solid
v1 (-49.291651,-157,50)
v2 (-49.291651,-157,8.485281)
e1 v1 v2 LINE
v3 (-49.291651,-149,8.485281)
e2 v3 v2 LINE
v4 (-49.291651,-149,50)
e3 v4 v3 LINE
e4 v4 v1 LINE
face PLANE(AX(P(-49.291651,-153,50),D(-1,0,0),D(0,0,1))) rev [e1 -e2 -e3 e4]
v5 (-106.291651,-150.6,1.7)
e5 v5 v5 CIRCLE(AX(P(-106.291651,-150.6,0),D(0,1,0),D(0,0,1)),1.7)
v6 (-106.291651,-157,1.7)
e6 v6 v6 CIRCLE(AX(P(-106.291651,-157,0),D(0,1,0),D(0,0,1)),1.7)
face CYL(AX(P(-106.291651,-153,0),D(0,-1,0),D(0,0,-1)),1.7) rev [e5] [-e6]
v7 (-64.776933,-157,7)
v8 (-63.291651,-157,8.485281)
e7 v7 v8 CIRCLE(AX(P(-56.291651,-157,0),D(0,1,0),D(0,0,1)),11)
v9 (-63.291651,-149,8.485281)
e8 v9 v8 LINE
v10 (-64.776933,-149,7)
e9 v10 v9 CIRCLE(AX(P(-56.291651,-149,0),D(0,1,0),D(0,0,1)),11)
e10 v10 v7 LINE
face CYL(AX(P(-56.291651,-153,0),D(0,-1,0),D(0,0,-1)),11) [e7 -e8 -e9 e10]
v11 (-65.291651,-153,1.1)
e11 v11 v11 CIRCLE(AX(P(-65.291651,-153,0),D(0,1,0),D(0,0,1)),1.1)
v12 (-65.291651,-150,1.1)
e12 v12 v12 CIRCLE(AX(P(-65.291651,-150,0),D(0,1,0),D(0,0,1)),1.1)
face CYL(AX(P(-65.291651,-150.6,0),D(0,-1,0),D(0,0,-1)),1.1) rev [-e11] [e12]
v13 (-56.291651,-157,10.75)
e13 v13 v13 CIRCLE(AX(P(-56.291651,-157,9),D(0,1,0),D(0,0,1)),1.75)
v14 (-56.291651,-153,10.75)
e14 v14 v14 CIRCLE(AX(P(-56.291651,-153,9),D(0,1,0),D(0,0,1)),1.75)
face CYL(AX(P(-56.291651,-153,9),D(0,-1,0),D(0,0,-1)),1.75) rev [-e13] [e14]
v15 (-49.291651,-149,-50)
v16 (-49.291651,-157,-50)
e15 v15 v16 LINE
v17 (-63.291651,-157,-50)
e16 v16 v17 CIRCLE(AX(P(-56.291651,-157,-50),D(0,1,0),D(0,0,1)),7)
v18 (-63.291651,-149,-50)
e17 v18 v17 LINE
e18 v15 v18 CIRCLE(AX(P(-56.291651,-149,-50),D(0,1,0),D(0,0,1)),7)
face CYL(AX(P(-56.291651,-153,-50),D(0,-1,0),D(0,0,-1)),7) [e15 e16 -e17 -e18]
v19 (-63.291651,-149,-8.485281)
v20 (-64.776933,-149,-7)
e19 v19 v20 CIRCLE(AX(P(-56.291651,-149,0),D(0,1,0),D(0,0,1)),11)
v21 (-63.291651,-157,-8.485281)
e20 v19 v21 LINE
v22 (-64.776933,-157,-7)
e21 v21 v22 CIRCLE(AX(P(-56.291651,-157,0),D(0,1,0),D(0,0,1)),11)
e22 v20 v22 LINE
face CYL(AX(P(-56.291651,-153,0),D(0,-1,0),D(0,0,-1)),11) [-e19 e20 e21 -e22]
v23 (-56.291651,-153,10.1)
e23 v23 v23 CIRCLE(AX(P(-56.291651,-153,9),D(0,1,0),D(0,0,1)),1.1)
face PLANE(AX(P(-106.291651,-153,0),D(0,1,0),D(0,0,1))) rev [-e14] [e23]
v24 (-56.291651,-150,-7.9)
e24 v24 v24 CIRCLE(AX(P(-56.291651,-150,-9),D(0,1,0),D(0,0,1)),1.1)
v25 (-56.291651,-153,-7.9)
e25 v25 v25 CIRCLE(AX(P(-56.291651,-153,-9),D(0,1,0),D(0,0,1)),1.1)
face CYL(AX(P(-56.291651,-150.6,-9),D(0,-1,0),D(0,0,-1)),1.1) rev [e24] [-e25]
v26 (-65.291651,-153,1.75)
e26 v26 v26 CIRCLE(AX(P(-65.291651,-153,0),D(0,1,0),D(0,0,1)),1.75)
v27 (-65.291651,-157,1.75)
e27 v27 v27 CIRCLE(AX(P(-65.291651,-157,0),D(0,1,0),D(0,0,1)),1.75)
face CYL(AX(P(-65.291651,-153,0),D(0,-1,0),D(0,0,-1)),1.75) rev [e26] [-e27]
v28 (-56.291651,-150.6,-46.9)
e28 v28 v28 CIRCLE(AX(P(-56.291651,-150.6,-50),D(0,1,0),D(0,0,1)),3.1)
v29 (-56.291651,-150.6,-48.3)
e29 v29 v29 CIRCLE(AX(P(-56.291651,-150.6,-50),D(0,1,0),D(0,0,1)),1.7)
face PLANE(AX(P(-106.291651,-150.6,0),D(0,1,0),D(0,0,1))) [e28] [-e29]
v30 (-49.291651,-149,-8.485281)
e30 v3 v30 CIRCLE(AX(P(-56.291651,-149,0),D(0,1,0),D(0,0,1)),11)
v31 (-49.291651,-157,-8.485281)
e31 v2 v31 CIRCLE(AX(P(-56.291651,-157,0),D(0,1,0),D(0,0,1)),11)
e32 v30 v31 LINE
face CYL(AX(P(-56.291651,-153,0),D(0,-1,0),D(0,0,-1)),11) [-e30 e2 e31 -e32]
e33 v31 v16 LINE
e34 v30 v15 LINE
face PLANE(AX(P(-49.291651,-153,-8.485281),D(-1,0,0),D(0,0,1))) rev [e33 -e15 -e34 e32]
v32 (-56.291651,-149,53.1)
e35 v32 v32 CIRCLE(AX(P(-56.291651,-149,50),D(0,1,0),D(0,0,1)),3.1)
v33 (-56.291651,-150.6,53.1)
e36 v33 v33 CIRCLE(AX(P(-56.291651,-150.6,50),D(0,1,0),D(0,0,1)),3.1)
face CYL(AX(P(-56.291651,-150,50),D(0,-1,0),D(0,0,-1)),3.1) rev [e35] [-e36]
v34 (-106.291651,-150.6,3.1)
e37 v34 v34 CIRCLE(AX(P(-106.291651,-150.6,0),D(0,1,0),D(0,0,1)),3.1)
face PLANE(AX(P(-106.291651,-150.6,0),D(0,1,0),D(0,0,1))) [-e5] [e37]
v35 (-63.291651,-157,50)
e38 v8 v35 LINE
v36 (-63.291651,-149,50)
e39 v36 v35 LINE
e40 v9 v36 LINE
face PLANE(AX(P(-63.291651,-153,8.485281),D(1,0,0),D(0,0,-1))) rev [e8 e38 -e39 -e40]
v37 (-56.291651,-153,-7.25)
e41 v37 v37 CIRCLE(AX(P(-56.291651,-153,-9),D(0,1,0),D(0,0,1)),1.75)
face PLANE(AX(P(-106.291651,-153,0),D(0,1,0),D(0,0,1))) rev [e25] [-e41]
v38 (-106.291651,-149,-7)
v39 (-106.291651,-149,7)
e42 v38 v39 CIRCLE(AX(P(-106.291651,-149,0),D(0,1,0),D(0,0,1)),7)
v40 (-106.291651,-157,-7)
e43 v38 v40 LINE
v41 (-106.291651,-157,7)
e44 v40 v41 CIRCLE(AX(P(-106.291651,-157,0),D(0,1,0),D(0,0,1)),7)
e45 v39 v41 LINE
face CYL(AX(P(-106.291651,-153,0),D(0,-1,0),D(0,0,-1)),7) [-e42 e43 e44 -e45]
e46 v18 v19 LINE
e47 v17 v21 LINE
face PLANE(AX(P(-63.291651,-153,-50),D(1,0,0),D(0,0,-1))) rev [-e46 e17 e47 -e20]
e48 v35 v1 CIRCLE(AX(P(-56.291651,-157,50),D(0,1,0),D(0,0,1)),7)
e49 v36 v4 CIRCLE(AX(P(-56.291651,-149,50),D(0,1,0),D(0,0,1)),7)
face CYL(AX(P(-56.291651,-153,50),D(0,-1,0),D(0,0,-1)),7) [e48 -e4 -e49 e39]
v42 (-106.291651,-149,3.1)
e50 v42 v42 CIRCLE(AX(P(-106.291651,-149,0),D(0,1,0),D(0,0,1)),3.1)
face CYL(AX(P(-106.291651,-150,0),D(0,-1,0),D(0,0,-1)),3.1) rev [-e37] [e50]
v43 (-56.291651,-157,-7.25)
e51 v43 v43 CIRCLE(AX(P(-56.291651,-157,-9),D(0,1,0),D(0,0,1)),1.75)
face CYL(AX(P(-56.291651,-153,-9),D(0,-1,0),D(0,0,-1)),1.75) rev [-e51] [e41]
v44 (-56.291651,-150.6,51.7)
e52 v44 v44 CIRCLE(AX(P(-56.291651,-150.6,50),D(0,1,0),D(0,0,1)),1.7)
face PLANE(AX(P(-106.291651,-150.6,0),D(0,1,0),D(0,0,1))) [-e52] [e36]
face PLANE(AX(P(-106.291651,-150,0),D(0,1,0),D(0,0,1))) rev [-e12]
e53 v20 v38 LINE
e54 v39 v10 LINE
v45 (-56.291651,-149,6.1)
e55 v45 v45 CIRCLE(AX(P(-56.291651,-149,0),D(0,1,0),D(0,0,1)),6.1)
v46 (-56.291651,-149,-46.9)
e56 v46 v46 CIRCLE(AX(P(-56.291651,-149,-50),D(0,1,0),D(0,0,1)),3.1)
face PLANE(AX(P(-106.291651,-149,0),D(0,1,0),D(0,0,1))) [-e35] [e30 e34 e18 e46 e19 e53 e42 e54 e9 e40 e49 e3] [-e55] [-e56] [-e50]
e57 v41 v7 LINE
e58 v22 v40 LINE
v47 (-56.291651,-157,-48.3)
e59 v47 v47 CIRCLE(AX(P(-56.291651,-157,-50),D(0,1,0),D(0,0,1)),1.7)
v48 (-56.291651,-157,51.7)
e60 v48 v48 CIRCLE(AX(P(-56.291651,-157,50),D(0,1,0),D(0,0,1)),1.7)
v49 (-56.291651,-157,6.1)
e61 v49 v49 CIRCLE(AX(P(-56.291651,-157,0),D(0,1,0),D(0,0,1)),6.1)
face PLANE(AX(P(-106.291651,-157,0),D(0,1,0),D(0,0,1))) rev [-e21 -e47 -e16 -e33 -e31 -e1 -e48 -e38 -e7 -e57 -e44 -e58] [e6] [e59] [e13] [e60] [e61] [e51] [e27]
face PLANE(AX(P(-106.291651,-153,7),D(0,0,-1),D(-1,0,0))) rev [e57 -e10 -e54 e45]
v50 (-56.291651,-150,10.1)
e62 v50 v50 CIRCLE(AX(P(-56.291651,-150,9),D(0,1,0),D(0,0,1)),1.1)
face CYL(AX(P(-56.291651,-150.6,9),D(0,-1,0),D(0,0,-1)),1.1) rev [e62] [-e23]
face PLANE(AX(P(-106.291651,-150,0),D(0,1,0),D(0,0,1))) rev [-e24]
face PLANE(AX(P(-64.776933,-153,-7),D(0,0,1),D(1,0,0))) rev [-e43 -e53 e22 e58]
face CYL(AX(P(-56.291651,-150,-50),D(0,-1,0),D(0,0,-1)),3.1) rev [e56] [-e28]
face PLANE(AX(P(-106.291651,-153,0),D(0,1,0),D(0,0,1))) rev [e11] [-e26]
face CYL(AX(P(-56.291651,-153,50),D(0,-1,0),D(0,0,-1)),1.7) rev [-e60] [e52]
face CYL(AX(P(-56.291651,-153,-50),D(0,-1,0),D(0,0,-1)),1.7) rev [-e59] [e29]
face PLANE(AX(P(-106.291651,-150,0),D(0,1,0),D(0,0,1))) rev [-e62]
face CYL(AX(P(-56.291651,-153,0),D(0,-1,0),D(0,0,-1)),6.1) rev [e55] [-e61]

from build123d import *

# Parameters (mm, degrees)
BASE_OUTLINE_SKETCH_R          = 1.7
BASE_OUTLINE_SKETCH_R_2        = 1.75
BASE_OUTLINE_SKETCH_R_3        = 6.1
BASE_OUTLINE_DEPTH             = 4
INTERFACE_PROFILE_2_SKETCH_R   = 1.7
INTERFACE_PROFILE_2_SKETCH_R_2 = 6.1
INTERFACE_PROFILE_2_SKETCH_R_3 = 1.1
INTERFACE_PROFILE_2_DEPTH      = 2.4
INTERFACE_PROFILE_3_SKETCH_R   = 6.1
INTERFACE_PROFILE_3_SKETCH_R_2 = 3.1
INTERFACE_PROFILE_3_SKETCH_R_3 = 1.1
INTERFACE_PROFILE_3_DEPTH      = 0.6
INTERFACE_PROFILE_4_SKETCH_R   = 6.1
INTERFACE_PROFILE_4_SKETCH_R_2 = 3.1
INTERFACE_PROFILE_4_DEPTH      = 1


with BuildPart() as part:
    # Base Outline Sketch → Base Outline (new body)
    with BuildSketch(Plane(origin=(0, -157, 0), x_dir=(1, 0, 0), z_dir=(0, 1, 0))):
        with BuildLine():
            Line((-106.291651246, -7), (-64.77693262, -7))
            ThreePointArc((-64.77693262, -7), (-64.069825839, -7.778174593), (-63.291651246, -8.485281374))
            Line((-63.291651246, -8.485281374), (-63.291651246, -50))
            ThreePointArc((-63.291651246, -50), (-56.291651246, -57), (-49.291651246, -50))
            Line((-49.291651246, -50), (-49.291651246, -8.485281374))
            ThreePointArc((-49.291651246, -8.485281374), (-45.291651246, 0), (-49.291651246, 8.485281374))
            Line((-49.291651246, 8.485281374), (-49.291651246, 50))
            ThreePointArc((-49.291651246, 50), (-56.291651246, 57), (-63.291651246, 50))
            Line((-63.291651246, 50), (-63.291651246, 8.485281374))
            ThreePointArc((-63.291651246, 8.485281374), (-64.069825839, 7.778174593), (-64.77693262, 7))
            Line((-64.77693262, 7), (-106.291651246, 7))
            ThreePointArc((-106.291651246, 7), (-113.291651246, 0), (-106.291651246, -7))
        make_face()
        with Locations(Location((-106.291651246, 0, 0), (0, 0, 270))):
            Circle(BASE_OUTLINE_SKETCH_R, mode=Mode.SUBTRACT)
        with Locations(Location((-56.291651246, 50, 0), (0, 0, 270))):
            Circle(BASE_OUTLINE_SKETCH_R, mode=Mode.SUBTRACT)
        with Locations(Location((-56.291651246, 9, 0), (0, 0, 270))):
            Circle(BASE_OUTLINE_SKETCH_R_2, mode=Mode.SUBTRACT)
        with Locations(Location((-65.291651246, 0, 0), (0, 0, 270))):
            Circle(BASE_OUTLINE_SKETCH_R_2, mode=Mode.SUBTRACT)
        with Locations(Location((-56.291651246, 0, 0), (0, 0, 270))):
            Circle(BASE_OUTLINE_SKETCH_R_3, mode=Mode.SUBTRACT)
        with Locations(Location((-56.291651246, -9, 0), (0, 0, 270))):
            Circle(BASE_OUTLINE_SKETCH_R_2, mode=Mode.SUBTRACT)
        with Locations(Location((-56.291651246, -50, 0), (0, 0, 270))):
            Circle(BASE_OUTLINE_SKETCH_R, mode=Mode.SUBTRACT)
    extrude(amount=BASE_OUTLINE_DEPTH)

    # Interface Profile 2 Sketch → Interface Profile 2 (add)
    with BuildSketch(Plane(origin=(0, -153, 0), x_dir=(1, 0, 0), z_dir=(0, 1, 0))):
        with BuildLine():
            Line((-106.291651246, -7), (-64.77693262, -7))
            ThreePointArc((-64.77693262, -7), (-64.069825839, -7.778174593), (-63.291651246, -8.485281374))
            Line((-63.291651246, -8.485281374), (-63.291651246, -50))
            ThreePointArc((-63.291651246, -50), (-56.291651246, -57), (-49.291651246, -50))
            Line((-49.291651246, -50), (-49.291651246, -8.485281374))
            ThreePointArc((-49.291651246, -8.485281374), (-45.291651246, 0), (-49.291651246, 8.485281374))
            Line((-49.291651246, 8.485281374), (-49.291651246, 50))
            ThreePointArc((-49.291651246, 50), (-56.291651246, 57), (-63.291651246, 50))
            Line((-63.291651246, 50), (-63.291651246, 8.485281374))
            ThreePointArc((-63.291651246, 8.485281374), (-64.069825839, 7.778174593), (-64.77693262, 7))
            Line((-64.77693262, 7), (-106.291651246, 7))
            ThreePointArc((-106.291651246, 7), (-113.291651246, 0), (-106.291651246, -7))
        make_face()
        with Locations(Location((-106.291651246, 0, 0), (0, 0, 270))):
            Circle(INTERFACE_PROFILE_2_SKETCH_R, mode=Mode.SUBTRACT)
        with Locations(Location((-56.291651246, 50, 0), (0, 0, 270))):
            Circle(INTERFACE_PROFILE_2_SKETCH_R, mode=Mode.SUBTRACT)
        with Locations(Location((-56.291651246, 0, 0), (0, 0, 270))):
            Circle(INTERFACE_PROFILE_2_SKETCH_R_2, mode=Mode.SUBTRACT)
        with Locations(Location((-56.291651246, -50, 0), (0, 0, 270))):
            Circle(INTERFACE_PROFILE_2_SKETCH_R, mode=Mode.SUBTRACT)
        with Locations(Location((-56.291651246, 9, 0), (0, 0, 270))):
            Circle(INTERFACE_PROFILE_2_SKETCH_R_3, mode=Mode.SUBTRACT)
        with Locations(Location((-65.291651246, 0, 0), (0, 0, 270))):
            Circle(INTERFACE_PROFILE_2_SKETCH_R_3, mode=Mode.SUBTRACT)
        with Locations(Location((-56.291651246, -9, 0), (0, 0, 270))):
            Circle(INTERFACE_PROFILE_2_SKETCH_R_3, mode=Mode.SUBTRACT)
    extrude(amount=INTERFACE_PROFILE_2_DEPTH)

    # Interface Profile 3 Sketch → Interface Profile 3 (add)
    with BuildSketch(Plane(origin=(0, -150.6, 0), x_dir=(1, 0, 0), z_dir=(0, 1, 0))):
        with BuildLine():
            Line((-106.291651246, -7), (-64.77693262, -7))
            ThreePointArc((-64.77693262, -7), (-64.069825839, -7.778174593), (-63.291651246, -8.485281374))
            Line((-63.291651246, -8.485281374), (-63.291651246, -50))
            ThreePointArc((-63.291651246, -50), (-56.291651246, -57), (-49.291651246, -50))
            Line((-49.291651246, -50), (-49.291651246, -8.485281374))
            ThreePointArc((-49.291651246, -8.485281374), (-45.291651246, 0), (-49.291651246, 8.485281374))
            Line((-49.291651246, 8.485281374), (-49.291651246, 50))
            ThreePointArc((-49.291651246, 50), (-56.291651246, 57), (-63.291651246, 50))
            Line((-63.291651246, 50), (-63.291651246, 8.485281374))
            ThreePointArc((-63.291651246, 8.485281374), (-64.069825839, 7.778174593), (-64.77693262, 7))
            Line((-64.77693262, 7), (-106.291651246, 7))
            ThreePointArc((-106.291651246, 7), (-113.291651246, 0), (-106.291651246, -7))
        make_face()
        with Locations(Location((-56.291651246, 0, 0), (0, 0, 270))):
            Circle(INTERFACE_PROFILE_3_SKETCH_R, mode=Mode.SUBTRACT)
        with Locations(Location((-106.291651246, 0, 0), (0, 0, 270))):
            Circle(INTERFACE_PROFILE_3_SKETCH_R_2, mode=Mode.SUBTRACT)
        with Locations(Location((-56.291651246, 50, 0), (0, 0, 270))):
            Circle(INTERFACE_PROFILE_3_SKETCH_R_2, mode=Mode.SUBTRACT)
        with Locations(Location((-56.291651246, -50, 0), (0, 0, 270))):
            Circle(INTERFACE_PROFILE_3_SKETCH_R_2, mode=Mode.SUBTRACT)
        with Locations(Location((-56.291651246, 9, 0), (0, 0, 270))):
            Circle(INTERFACE_PROFILE_3_SKETCH_R_3, mode=Mode.SUBTRACT)
        with Locations(Location((-65.291651246, 0, 0), (0, 0, 270))):
            Circle(INTERFACE_PROFILE_3_SKETCH_R_3, mode=Mode.SUBTRACT)
        with Locations(Location((-56.291651246, -9, 0), (0, 0, 270))):
            Circle(INTERFACE_PROFILE_3_SKETCH_R_3, mode=Mode.SUBTRACT)
    extrude(amount=INTERFACE_PROFILE_3_DEPTH)

    # Interface Profile 4 Sketch → Interface Profile 4 (add)
    with BuildSketch(Plane(origin=(0, -150, 0), x_dir=(1, 0, 0), z_dir=(0, 1, 0))):
        with BuildLine():
            Line((-106.291651246, -7), (-64.77693262, -7))
            ThreePointArc((-64.77693262, -7), (-64.069825839, -7.778174593), (-63.291651246, -8.485281374))
            Line((-63.291651246, -8.485281374), (-63.291651246, -50))
            ThreePointArc((-63.291651246, -50), (-56.291651246, -57), (-49.291651246, -50))
            Line((-49.291651246, -50), (-49.291651246, -8.485281374))
            ThreePointArc((-49.291651246, -8.485281374), (-45.291651246, 0), (-49.291651246, 8.485281374))
            Line((-49.291651246, 8.485281374), (-49.291651246, 50))
            ThreePointArc((-49.291651246, 50), (-56.291651246, 57), (-63.291651246, 50))
            Line((-63.291651246, 50), (-63.291651246, 8.485281374))
            ThreePointArc((-63.291651246, 8.485281374), (-64.069825839, 7.778174593), (-64.77693262, 7))
            Line((-64.77693262, 7), (-106.291651246, 7))
            ThreePointArc((-106.291651246, 7), (-113.291651246, 0), (-106.291651246, -7))
        make_face()
        with Locations(Location((-56.291651246, 0, 0), (0, 0, 270))):
            Circle(INTERFACE_PROFILE_4_SKETCH_R, mode=Mode.SUBTRACT)
        with Locations(Location((-106.291651246, 0, 0), (0, 0, 270))):
            Circle(INTERFACE_PROFILE_4_SKETCH_R_2, mode=Mode.SUBTRACT)
        with Locations(Location((-56.291651246, 50, 0), (0, 0, 270))):
            Circle(INTERFACE_PROFILE_4_SKETCH_R_2, mode=Mode.SUBTRACT)
        with Locations(Location((-56.291651246, -50, 0), (0, 0, 270))):
            Circle(INTERFACE_PROFILE_4_SKETCH_R_2, mode=Mode.SUBTRACT)
    extrude(amount=INTERFACE_PROFILE_4_DEPTH)


solid = part.part
